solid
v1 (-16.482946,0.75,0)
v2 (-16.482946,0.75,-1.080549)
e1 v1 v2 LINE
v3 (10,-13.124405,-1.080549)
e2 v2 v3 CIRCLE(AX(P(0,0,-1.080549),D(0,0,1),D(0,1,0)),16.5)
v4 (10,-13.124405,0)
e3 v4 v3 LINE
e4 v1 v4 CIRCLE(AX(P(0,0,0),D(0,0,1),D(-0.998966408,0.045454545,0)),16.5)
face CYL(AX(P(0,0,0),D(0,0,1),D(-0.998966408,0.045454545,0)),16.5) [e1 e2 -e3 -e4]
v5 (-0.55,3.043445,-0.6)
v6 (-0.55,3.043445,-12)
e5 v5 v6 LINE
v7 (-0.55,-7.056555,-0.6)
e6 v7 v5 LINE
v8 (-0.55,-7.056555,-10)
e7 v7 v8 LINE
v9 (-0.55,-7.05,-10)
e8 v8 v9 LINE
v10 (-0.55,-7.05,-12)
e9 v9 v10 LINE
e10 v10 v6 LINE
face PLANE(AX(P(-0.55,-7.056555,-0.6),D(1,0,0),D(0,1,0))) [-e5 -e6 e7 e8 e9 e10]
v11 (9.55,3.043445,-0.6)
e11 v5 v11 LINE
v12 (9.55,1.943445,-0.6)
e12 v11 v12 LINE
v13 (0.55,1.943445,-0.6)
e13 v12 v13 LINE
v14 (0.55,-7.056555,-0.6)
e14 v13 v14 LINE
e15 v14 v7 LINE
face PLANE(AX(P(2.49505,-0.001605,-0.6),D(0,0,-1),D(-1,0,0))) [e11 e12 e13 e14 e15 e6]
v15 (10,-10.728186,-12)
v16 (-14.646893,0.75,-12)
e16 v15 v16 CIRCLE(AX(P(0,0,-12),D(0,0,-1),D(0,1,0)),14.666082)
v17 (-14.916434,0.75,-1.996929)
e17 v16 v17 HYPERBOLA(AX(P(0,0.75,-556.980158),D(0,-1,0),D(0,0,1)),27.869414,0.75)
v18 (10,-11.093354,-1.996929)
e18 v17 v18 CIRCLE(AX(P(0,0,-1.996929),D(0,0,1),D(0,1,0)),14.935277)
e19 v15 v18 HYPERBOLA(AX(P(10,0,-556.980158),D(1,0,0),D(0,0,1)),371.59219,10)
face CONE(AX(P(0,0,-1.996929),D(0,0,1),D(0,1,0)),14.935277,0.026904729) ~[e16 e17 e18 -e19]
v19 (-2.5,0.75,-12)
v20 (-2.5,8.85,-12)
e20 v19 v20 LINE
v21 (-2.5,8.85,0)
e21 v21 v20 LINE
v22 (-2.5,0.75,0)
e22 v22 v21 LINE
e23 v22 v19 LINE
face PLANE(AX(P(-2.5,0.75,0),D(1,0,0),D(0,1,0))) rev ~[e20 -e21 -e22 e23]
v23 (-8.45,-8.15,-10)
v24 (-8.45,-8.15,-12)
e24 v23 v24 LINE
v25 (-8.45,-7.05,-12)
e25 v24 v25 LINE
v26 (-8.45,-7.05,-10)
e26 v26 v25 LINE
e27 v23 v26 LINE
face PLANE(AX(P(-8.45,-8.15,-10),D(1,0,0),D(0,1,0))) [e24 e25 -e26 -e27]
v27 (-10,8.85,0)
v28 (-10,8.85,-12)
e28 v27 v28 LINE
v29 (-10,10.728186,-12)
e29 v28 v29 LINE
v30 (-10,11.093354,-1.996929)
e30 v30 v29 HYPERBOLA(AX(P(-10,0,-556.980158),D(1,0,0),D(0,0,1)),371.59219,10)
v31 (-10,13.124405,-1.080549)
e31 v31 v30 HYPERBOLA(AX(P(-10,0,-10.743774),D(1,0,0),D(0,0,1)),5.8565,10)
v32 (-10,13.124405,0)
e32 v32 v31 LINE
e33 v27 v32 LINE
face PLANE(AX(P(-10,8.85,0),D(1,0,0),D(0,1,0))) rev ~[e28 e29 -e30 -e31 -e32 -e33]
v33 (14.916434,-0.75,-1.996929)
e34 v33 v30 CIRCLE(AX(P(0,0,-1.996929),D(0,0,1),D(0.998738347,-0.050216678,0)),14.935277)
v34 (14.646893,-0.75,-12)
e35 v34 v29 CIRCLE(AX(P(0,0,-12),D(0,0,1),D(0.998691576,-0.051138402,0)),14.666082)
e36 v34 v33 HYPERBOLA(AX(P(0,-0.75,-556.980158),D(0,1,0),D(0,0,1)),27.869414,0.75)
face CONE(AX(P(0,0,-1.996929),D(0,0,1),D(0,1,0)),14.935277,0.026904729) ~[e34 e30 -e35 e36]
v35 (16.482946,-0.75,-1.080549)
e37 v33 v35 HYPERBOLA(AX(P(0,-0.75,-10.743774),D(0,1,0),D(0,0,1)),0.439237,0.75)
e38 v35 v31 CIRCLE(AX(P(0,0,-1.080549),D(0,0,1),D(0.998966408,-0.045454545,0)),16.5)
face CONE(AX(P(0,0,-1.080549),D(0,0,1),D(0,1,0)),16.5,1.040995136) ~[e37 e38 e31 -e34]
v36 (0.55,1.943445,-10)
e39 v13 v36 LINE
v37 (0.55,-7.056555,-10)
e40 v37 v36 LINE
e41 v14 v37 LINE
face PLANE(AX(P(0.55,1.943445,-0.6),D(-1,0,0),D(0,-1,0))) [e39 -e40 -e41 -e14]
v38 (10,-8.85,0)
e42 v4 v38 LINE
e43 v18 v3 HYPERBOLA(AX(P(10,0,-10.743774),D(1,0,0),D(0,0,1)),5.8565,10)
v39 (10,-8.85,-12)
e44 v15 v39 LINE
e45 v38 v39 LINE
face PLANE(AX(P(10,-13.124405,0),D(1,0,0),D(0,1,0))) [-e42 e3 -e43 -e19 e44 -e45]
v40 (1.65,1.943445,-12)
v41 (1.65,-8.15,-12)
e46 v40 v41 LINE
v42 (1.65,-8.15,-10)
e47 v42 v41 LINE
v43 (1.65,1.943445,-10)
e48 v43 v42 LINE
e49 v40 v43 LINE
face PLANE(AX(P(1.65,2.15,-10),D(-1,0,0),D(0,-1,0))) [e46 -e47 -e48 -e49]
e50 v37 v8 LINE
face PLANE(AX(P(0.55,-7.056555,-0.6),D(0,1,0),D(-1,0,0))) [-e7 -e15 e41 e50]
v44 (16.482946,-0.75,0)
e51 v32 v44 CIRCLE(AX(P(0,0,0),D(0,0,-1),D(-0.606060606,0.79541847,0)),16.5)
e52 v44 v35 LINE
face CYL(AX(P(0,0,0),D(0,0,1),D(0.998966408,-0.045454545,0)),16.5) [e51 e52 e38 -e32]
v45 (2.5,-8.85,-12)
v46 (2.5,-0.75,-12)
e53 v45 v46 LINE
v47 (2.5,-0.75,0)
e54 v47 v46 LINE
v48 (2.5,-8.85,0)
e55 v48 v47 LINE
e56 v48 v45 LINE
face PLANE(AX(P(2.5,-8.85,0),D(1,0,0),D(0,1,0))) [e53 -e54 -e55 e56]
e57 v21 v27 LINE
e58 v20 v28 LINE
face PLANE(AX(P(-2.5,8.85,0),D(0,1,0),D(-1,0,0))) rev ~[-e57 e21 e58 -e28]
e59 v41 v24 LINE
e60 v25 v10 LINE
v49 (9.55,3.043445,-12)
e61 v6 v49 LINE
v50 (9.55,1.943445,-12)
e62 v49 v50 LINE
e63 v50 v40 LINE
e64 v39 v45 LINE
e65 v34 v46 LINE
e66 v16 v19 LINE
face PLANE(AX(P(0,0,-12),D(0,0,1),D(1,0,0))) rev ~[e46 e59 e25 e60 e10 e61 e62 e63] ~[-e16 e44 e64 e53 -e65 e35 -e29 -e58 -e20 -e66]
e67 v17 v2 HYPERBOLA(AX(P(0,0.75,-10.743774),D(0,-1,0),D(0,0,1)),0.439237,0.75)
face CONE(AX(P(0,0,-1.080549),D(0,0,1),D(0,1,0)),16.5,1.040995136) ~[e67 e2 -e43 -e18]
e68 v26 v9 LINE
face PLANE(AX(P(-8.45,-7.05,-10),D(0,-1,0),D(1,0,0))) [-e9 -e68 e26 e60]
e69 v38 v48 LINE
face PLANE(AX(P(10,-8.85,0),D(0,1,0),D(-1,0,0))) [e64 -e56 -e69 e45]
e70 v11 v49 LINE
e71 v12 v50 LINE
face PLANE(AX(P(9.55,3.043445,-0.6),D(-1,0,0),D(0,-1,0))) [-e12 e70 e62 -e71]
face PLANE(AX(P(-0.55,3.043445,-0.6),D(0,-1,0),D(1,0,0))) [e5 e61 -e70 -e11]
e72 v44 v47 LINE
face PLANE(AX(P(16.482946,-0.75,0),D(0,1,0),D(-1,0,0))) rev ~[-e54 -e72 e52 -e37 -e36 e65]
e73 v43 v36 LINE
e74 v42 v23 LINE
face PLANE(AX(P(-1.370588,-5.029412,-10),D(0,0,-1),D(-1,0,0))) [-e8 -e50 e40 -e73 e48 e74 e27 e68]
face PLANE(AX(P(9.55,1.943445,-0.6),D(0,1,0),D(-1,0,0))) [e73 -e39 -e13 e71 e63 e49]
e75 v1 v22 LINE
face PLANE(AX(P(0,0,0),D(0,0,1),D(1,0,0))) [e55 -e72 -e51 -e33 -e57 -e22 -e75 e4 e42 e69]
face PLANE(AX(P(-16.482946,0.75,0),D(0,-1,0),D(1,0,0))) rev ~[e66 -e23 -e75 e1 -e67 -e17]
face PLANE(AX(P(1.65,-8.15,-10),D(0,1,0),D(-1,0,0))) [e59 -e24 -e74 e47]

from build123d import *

# Parameters (mm, degrees)
PAD011_DEPTH    = 12
POCKET009_DEPTH = 11.401
POCKET010_DEPTH = 5


with BuildPart() as part:
    # Sketch031 → Pad011 (new body)
    with BuildSketch(Plane.XY):
        with BuildLine():
            ThreePointArc((16.4829457319, -0.75), (7.6571484981, 14.6156791453), (-10, 13.1244047484))
            Line((-10, 8.85), (-10, 13.1244047484))
            Line((-2.5, 8.85), (-10, 8.85))
            Line((-2.5, 0.75), (-2.5, 8.85))
            Line((-16.4829457319, 0.75), (-2.5, 0.75))
            ThreePointArc((-16.4829457319, 0.75), (-7.6571484981, -14.6156791453), (10, -13.1244047484))
            Line((10, -13.1244047484), (10, -8.85))
            Line((10, -8.85), (2.5, -8.85))
            Line((2.5, -8.85), (2.5, -0.75))
            Line((16.4829457319, -0.75), (2.5, -0.75))
        make_face()
    extrude(amount=-PAD011_DEPTH)

    # Sketch032 → Pocket009 (cut, through all)
    with BuildSketch(Plane.XY.offset(-0.6)):
        Polygon((-0.55, 3.043445), (9.55, 3.043445), (9.55, 1.943445), (0.55, 1.943445), (0.55, -7.056555), (-0.55, -7.056555), align=None)
    extrude(amount=-POCKET009_DEPTH, mode=Mode.SUBTRACT)

    # Sketch035 → Pocket010 (cut)
    with BuildSketch(Plane.XY.offset(-10)):
        Polygon((0.55, 2.15), (1.65, 2.15), (1.65, -8.15), (-8.45, -8.15), (-8.45, -7.05), (0.55, -7.05), align=None)
    extrude(amount=-POCKET010_DEPTH, mode=Mode.SUBTRACT)

    # Sketch046 → Groove (revolve, cut)
    with BuildSketch(Plane.YZ):
        Polygon((16.5, 0), (16.5, -1.080549), (14.935277, -1.996929), (14.625, -13.52658), (22.461165, -13.52658), (22.461165, 0), align=None)
    revolve(axis=Axis((0, 0, 0), (0, 0, 1)), mode=Mode.SUBTRACT)


solid = part.part
